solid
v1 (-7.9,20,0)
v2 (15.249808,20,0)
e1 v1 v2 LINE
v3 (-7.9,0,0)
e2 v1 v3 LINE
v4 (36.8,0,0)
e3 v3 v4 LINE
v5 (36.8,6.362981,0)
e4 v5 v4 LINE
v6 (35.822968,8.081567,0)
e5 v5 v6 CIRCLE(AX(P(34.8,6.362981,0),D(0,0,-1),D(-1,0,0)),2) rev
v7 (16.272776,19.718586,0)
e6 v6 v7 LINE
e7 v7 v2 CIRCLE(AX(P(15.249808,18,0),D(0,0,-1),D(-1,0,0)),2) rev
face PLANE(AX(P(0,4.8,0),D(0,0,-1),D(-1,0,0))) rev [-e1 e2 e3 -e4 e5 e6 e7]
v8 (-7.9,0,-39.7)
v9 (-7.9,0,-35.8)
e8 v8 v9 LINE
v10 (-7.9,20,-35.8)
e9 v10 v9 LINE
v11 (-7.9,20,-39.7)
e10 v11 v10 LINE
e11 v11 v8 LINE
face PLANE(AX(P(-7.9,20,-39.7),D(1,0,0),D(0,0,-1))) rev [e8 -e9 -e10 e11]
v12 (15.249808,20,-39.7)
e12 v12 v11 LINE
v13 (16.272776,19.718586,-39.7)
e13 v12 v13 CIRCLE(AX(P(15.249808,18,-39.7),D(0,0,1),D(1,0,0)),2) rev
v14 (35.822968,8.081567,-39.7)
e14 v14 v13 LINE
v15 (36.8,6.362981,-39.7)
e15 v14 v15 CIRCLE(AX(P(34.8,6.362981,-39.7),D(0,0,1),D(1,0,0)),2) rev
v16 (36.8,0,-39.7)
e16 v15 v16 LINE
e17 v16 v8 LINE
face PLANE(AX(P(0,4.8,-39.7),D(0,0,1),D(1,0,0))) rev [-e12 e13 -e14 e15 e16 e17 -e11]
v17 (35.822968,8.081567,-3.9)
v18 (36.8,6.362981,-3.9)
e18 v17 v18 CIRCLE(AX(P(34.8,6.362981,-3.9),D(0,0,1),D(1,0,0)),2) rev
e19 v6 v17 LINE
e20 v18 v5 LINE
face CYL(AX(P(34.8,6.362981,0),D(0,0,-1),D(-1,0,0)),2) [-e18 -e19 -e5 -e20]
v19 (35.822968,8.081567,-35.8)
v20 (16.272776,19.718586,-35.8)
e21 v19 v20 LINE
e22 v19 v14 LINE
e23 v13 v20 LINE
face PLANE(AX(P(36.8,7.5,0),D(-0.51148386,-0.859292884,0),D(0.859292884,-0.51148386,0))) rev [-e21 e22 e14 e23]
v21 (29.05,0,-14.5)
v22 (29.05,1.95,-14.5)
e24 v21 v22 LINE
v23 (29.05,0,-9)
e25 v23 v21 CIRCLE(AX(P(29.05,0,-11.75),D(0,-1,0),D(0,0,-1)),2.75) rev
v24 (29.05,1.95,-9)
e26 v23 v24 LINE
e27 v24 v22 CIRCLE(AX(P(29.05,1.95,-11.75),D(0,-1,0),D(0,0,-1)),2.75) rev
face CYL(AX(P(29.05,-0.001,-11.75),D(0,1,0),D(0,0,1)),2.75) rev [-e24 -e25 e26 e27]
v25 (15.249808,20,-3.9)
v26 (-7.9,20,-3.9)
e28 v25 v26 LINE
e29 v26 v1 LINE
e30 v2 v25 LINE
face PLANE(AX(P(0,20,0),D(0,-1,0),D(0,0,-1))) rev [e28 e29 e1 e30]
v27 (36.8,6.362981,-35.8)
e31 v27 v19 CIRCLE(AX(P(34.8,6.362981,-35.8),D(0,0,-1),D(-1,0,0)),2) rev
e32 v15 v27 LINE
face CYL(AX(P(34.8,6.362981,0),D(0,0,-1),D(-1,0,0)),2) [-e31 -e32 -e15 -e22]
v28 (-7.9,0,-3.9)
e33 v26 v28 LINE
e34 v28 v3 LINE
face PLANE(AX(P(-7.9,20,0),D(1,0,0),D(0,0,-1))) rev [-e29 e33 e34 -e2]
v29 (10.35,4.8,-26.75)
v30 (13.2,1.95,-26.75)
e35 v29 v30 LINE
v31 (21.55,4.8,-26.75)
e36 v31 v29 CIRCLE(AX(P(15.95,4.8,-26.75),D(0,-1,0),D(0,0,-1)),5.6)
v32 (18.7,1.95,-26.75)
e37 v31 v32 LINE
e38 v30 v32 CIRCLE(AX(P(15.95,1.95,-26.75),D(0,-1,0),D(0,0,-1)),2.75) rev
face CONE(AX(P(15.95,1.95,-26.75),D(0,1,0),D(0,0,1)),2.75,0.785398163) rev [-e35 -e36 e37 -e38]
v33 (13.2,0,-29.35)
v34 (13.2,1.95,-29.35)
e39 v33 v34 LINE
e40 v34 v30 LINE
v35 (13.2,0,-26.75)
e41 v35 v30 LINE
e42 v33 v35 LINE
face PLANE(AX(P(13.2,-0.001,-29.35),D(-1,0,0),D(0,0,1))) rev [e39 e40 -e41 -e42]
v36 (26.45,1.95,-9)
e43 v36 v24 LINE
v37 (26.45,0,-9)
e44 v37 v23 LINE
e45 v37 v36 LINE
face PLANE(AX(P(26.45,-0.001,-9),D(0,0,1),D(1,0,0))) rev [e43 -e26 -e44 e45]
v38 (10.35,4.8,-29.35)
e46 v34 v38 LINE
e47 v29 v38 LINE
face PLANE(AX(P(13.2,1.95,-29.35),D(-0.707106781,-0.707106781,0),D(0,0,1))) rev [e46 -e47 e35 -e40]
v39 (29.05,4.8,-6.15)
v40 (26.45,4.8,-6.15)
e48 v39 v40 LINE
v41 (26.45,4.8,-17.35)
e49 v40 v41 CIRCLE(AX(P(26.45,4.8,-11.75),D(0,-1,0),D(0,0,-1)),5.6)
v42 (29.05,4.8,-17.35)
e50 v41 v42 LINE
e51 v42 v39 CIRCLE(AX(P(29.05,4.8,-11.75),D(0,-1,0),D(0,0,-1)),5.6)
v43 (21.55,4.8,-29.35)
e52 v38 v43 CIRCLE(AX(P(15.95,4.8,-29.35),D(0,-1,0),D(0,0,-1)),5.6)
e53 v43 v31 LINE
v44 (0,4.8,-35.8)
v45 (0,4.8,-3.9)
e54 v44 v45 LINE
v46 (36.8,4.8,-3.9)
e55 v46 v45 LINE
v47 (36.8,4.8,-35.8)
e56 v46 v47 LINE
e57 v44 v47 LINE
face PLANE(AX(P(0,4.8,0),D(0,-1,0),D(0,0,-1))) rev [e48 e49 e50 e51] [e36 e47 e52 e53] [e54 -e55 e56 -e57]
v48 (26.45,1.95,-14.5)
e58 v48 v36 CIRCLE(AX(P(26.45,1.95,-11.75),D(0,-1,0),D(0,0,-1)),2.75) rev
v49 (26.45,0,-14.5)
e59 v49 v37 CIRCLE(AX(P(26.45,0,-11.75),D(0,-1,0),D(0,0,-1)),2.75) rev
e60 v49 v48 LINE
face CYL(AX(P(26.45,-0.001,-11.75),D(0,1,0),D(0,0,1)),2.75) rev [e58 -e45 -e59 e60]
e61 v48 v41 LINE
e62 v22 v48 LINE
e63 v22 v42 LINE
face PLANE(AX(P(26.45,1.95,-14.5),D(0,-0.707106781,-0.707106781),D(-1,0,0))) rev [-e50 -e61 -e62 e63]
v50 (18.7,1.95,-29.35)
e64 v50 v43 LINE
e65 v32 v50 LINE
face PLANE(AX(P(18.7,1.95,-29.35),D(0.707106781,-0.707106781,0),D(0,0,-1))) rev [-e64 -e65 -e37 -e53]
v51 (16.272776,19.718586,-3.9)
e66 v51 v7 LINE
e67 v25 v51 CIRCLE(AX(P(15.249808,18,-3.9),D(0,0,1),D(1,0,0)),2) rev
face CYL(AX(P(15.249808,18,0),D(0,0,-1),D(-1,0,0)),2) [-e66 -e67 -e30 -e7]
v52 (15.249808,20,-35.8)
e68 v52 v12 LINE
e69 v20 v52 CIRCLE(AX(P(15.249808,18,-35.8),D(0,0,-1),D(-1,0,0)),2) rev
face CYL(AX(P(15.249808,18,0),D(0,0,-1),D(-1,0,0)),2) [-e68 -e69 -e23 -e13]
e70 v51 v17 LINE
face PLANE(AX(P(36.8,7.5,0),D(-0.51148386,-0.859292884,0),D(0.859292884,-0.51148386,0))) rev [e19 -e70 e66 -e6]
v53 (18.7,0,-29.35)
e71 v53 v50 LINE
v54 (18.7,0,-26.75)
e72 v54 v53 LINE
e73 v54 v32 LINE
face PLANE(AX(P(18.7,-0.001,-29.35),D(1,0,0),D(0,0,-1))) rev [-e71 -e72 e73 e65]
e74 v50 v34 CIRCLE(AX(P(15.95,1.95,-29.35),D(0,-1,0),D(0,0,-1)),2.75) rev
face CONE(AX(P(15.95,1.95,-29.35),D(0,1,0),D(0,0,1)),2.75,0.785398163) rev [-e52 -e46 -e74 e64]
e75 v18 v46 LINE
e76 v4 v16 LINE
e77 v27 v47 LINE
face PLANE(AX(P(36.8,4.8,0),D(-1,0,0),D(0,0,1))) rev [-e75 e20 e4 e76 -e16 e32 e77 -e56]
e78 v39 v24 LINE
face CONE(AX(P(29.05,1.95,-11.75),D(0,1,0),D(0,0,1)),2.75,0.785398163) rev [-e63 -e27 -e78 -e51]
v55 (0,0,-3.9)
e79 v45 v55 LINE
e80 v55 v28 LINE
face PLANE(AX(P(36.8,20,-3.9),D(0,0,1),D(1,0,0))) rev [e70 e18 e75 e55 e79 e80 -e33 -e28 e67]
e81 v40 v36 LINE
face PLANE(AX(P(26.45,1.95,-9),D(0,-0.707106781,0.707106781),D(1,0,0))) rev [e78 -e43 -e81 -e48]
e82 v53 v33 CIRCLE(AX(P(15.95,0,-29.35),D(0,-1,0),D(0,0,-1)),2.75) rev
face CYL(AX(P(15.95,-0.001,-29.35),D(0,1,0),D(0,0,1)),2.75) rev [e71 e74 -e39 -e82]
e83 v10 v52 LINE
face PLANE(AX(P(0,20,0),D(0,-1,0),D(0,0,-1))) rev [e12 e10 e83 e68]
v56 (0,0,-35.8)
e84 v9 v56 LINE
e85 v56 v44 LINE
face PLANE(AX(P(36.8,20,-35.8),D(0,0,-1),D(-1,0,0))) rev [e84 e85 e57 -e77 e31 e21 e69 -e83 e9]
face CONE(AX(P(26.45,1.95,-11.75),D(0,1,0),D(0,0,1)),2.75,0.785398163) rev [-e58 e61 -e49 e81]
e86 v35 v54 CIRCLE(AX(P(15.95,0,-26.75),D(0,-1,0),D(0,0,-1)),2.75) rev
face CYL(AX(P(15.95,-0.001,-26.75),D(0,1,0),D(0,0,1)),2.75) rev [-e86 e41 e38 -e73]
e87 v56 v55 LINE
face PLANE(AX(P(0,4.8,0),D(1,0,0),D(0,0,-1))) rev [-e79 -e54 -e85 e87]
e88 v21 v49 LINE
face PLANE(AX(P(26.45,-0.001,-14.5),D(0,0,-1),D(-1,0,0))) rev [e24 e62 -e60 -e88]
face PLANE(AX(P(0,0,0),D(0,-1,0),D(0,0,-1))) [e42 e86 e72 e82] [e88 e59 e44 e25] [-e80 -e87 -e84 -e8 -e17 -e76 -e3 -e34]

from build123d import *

# Parameters (mm, degrees)
SKETCH1_W           = 36.8
SKETCH1_H           = 39.7
BOSS_EXTRUDE1_DEPTH = 4.8
SKETCH2_W           = 44.7
SKETCH2_H           = 3.9
BOSS_EXTRUDE2_DEPTH = 20
CUT_EXTRUDE1_REACH  = 58.226
CHAMFER1_SIZE       = 2.85
CUT_EXTRUDE2_DEPTH  = 58.709011428
FILLET1_R           = 2


with BuildPart() as part:
    # Sketch1 → Boss-Extrude1 (new body)
    with BuildSketch(Plane(origin=(0, 0, 0), x_dir=(1, 0, 0), z_dir=(0, 1, 0))):
        with Locations((18.4, 19.85)):
            Rectangle(SKETCH1_W, SKETCH1_H)
    extrude(amount=BOSS_EXTRUDE1_DEPTH)

    # Sketch2 → Boss-Extrude2 (add)
    with BuildSketch(Plane(origin=(0, 0, 0), x_dir=(1, 0, 0), z_dir=(0, 1, 0))):
        with Locations((14.45, 37.75)):
            Rectangle(SKETCH2_W, SKETCH2_H)
        with Locations((14.45, 1.95)):
            Rectangle(SKETCH2_W, SKETCH2_H)
    extrude(amount=BOSS_EXTRUDE2_DEPTH)

    # Sketch3 → Cut-Extrude1 (cut, up to next)
    with BuildSketch(Plane(origin=(0, 4.8, 0), x_dir=(1, 0, 0), z_dir=(0, 1, 0)), mode=Mode.PRIVATE) as cut_extrude1_sk1:
        with BuildLine():
            Line((26.45, 14.5), (29.05, 14.5))
            ThreePointArc((29.05, 14.5), (31.8, 11.75), (29.05, 9))
            Line((29.05, 9), (26.45, 9))
            ThreePointArc((26.45, 9), (23.7, 11.75), (26.45, 14.5))
        make_face()
    cut_extrude1_tool1 = extrude(cut_extrude1_sk1.sketch, amount=-CUT_EXTRUDE1_REACH, mode=Mode.PRIVATE) & part.part
    # Sketch3 → Cut-Extrude1 (cut, up to next)
    with BuildSketch(Plane(origin=(0, 4.8, 0), x_dir=(1, 0, 0), z_dir=(0, 1, 0)), mode=Mode.PRIVATE) as cut_extrude1_sk2:
        with BuildLine():
            Line((18.7, 29.35), (18.7, 26.75))
            ThreePointArc((18.7, 26.75), (15.95, 24), (13.2, 26.75))
            Line((13.2, 26.75), (13.2, 29.35))
            ThreePointArc((13.2, 29.35), (15.95, 32.1), (18.7, 29.35))
        make_face()
    cut_extrude1_tool2 = extrude(cut_extrude1_sk2.sketch, amount=-CUT_EXTRUDE1_REACH, mode=Mode.PRIVATE) & part.part
    add(cut_extrude1_tool1.solids().sort_by_distance((27.75, 4.8, -11.75))[0], mode=Mode.SUBTRACT)
    add(cut_extrude1_tool2.solids().sort_by_distance((15.95, 4.8, -28.05))[0], mode=Mode.SUBTRACT)

    # Chamfer1
    chamfer1_edges = [part.edges().sort_by_distance(p)[0] for p in [
        (23.7, 4.8, -11.75),
        (27.75, 4.8, -9),
        (31.8, 4.8, -11.75),
        (27.75, 4.8, -14.5),
        (15.95, 4.8, -32.1),
        (13.2, 4.8, -28.05),
        (15.95, 4.8, -24),
        (18.7, 4.8, -28.05),
    ]]
    chamfer(chamfer1_edges, length=CHAMFER1_SIZE)

    # Sketch4 → Cut-Extrude2 (cut, through all)
    with BuildSketch(Plane(origin=(0, 0, -39.7), x_dir=(-1, 0, 0), z_dir=(0, 0, -1))):
        Polygon((-36.8, 20), (-36.8, 7.5), (-15.8, 20), align=None)
    extrude(amount=-CUT_EXTRUDE2_DEPTH, mode=Mode.SUBTRACT)

    # Fillet1
    fillet1_edges = [part.edges().sort_by_distance(p)[0] for p in [
        (15.8, 20, -37.75),
        (15.8, 20, -1.95),
        (36.8, 7.5, -37.75),
        (36.8, 7.5, -1.95),
    ]]
    fillet(fillet1_edges, radius=FILLET1_R)


solid = part.part
